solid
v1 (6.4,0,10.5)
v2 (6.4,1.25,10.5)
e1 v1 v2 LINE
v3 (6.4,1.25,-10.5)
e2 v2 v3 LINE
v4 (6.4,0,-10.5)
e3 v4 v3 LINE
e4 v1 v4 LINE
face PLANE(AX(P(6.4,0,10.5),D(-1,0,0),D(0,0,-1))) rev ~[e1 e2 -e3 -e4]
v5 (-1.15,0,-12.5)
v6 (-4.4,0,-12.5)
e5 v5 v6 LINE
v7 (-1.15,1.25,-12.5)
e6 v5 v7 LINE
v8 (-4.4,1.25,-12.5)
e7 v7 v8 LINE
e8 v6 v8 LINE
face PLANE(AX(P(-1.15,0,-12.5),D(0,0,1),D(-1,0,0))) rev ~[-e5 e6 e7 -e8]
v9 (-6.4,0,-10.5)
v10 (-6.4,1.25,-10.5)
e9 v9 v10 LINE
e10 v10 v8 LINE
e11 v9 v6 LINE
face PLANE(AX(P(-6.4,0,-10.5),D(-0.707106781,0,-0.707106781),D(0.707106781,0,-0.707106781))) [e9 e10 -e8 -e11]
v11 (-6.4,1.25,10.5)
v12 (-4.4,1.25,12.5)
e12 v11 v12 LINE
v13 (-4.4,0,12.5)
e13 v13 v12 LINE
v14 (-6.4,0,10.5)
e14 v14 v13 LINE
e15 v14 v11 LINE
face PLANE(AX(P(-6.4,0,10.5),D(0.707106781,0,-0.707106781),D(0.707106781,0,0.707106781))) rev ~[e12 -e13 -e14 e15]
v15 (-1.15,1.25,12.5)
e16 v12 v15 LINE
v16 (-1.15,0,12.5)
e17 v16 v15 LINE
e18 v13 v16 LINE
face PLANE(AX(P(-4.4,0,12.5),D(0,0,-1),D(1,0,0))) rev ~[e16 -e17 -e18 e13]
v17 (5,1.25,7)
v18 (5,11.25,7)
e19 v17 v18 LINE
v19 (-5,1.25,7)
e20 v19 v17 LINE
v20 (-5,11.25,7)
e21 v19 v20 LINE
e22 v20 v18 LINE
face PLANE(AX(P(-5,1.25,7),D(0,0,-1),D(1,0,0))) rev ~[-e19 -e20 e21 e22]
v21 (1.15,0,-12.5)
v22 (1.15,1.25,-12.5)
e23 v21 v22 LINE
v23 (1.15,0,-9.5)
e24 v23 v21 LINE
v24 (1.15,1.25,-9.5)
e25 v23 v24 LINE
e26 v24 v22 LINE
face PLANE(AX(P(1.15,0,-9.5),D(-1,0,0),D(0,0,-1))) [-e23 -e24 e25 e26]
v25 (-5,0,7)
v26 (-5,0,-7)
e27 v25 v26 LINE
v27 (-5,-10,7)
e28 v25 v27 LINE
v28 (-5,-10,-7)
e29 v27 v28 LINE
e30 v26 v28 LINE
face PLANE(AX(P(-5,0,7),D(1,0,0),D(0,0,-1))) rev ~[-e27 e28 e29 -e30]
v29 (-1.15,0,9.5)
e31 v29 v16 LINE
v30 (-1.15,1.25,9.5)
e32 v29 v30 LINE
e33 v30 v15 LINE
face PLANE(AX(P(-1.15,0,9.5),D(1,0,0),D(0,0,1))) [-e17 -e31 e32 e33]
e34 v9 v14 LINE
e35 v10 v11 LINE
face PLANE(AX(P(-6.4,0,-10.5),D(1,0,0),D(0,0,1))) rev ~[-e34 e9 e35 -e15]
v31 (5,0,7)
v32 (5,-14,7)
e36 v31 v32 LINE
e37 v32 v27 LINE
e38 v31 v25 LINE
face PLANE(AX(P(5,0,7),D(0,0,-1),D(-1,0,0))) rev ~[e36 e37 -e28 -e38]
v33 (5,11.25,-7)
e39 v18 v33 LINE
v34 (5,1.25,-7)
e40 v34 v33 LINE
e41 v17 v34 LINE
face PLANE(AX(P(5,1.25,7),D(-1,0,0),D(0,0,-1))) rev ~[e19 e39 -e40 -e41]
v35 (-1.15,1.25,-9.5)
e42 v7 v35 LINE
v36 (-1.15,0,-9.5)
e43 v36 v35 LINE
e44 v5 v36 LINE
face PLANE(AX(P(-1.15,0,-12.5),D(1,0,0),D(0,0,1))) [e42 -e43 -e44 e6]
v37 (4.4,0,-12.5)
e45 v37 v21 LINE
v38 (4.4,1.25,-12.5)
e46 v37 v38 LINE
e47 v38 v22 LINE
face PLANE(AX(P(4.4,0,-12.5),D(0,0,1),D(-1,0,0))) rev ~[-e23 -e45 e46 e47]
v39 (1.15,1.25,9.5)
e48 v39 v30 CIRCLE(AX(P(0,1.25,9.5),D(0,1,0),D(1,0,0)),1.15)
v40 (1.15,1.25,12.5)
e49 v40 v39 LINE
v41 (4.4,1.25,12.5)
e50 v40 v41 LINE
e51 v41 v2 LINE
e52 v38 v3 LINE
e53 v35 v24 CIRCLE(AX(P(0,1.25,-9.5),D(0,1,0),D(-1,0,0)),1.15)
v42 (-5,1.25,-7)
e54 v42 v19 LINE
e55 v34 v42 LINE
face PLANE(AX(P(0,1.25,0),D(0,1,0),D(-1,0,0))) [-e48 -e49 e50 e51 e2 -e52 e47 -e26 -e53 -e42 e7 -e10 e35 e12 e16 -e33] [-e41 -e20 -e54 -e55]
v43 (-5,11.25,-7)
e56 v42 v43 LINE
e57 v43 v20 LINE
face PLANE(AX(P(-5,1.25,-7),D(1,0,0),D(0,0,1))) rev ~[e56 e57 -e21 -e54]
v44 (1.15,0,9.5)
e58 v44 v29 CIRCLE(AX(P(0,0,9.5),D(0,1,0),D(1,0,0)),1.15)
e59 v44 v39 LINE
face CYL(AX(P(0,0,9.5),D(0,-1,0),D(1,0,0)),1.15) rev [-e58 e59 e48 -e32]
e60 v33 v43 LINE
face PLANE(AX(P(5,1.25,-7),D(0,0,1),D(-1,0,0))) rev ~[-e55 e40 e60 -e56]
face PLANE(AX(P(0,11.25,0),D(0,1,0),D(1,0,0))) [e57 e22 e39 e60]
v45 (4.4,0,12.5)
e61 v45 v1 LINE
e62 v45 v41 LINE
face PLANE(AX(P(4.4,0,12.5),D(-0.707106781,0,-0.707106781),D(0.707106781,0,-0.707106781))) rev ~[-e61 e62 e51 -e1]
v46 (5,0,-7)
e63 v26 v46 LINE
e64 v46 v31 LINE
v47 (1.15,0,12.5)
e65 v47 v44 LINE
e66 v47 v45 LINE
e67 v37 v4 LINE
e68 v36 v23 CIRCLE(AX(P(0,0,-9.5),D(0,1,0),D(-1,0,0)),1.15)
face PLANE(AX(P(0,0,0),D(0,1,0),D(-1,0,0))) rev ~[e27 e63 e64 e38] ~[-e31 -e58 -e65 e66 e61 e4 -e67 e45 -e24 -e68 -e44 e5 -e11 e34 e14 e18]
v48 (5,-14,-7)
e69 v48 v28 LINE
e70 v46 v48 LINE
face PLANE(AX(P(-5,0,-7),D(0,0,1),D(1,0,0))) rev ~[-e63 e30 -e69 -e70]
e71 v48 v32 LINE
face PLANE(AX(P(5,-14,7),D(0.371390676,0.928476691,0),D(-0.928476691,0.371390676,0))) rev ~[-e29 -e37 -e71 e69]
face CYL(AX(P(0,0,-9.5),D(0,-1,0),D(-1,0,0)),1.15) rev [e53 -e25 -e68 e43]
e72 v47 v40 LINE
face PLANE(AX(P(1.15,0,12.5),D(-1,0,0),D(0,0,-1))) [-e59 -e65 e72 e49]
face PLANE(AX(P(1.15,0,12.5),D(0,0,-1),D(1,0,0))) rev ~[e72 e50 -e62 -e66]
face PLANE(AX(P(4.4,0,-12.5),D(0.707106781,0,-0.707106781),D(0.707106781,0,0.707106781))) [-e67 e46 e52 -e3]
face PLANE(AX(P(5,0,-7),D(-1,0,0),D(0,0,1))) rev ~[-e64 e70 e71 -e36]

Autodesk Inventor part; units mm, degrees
ref_plane "YZ Plane" through (0, 0, 0) normal (1, 0, 0) x (0, 1, 0)
ref_plane "XZ Plane" through (0, 0, 0) normal (0, 1, 0) x (-1, 0, 0)
ref_plane "XY Plane" through (0, 0, 0) normal (0, 0, 1) x (1, 0, 0)
sketch "Sketch1" plane through (0, 0, 0) normal (0, 1, 0) x (-1, 0, 0)
  line L0 (-4.4, -12.5) -> (4.4, -12.5)
  line L1 (6.4, -10.5) -> (6.4, 10.5)
  line L2 (4.4, 12.5) -> (-4.4, 12.5)
  line L3 (-6.4, 10.5) -> (-6.4, -10.5)
  line L4 (-6.4, -12.5) -> (6.4, 12.5) construction
  line L5 (6.4, -12.5) -> (-6.4, 12.5) construction
  line L6 (6.4, 10.5) -> (4.4, 12.5)
  line L7 (-4.4, 12.5) -> (-6.4, 10.5)
  line L8 (6.4, -10.5) -> (4.4, -12.5)
  line L9 (-4.4, -12.5) -> (-6.4, -10.5)
  line L10 (0, 12.5) -> (0, 9.5) construction
  line L11 (-1.15, 12.5) -> (-1.15, 9.5)
  line L12 (1.15, 9.5) -> (1.15, 12.5)
  arc A0 (1.15, 12.5) -> (-1.15, 12.5) centre (0, 12.5) ccw
  arc A1 (-1.15, 9.5) -> (1.15, 9.5) centre (0, 9.5) ccw
  line L13 (0, -12.5) -> (0, -9.5) construction
  line L14 (1.15, -12.5) -> (1.15, -9.5)
  line L15 (-1.15, -9.5) -> (-1.15, -12.5)
  arc A2 (-1.15, -12.5) -> (1.15, -12.5) centre (0, -12.5) ccw
  arc A3 (1.15, -9.5) -> (-1.15, -9.5) centre (0, -9.5) ccw
  point P0 (0, 0)
  point P1 (0, 11)
  point P2 (0, -11)
  dimension "d0" = 25
  dimension "d1" = 12.8
  dimension "d2" = 2
  dimension "d3" = 2
  dimension "d4" = 2
  dimension "d5" = 2
  dimension "d6" = 2
  dimension "d7" = 2
  dimension "d8" = 2
  dimension "d9" = 2
  dimension "d10" = 2.3
  dimension "d11" = 2.3
  dimension "d12" = 3
  dimension "d13" = 3
extrude "Extrusion1" add sketch "Sketch1" along normal blind 1.25 contours L9 L3 L7 L2 L11 A1 L12 L6 L1 L8 L0 L14 A3 L15
sketch "Sketch2" plane through (0, 1.25, 0) normal (0, 1, 0) x (1, 0, 0)
  line L0 (5, 7) -> (-5, 7)
  line L1 (-5, 7) -> (-5, -7)
  line L2 (-5, -7) -> (5, -7)
  line L3 (5, -7) -> (5, 7)
  line L4 (5, 7) -> (-5, -7) construction
  line L5 (-5, 7) -> (5, -7) construction
  point P0 (0, 0)
  dimension "d16" = 10
  dimension "d17" = 14
extrude "Extrusion2" add sketch "Sketch2" along normal blind 10
sketch "Sketch3" plane through (0, 0, 0) normal (0, -1, 0) x (1, 0, 0)
  line L0 (5, 7) -> (-5, 7)
  line L1 (-5, 7) -> (-5, -7)
  line L2 (-5, -7) -> (5, -7)
  line L3 (5, -7) -> (5, 7)
  line L4 (5, 7) -> (-5, -7) construction
  line L5 (-5, 7) -> (5, -7) construction
  point P0 (0, 0)
  dimension "d20" = 10
  dimension "d21" = 14
extrude "Extrusion3" add sketch "Sketch3" along normal blind 14
sketch "Sketch4" plane through (-5, 0, 7) normal (0, 0, 1) x (1, 0, 0)
  line L0 (10, 0) -> (10, -14) projected
  line L1 (10, -14) -> (0, -10)
  line L2 (0, 0) -> (0, -14) projected
  line L3 (10, -14) -> (0, -14) projected
  point P0 (5, 0)
  dimension "d24" = 4
extrude "Extrusion4" cut sketch "Sketch4" against normal through all
equation "\"d3\" = d2"
equation "\"d4\" = d2"
equation "\"d5\" = d4"
equation "\"d6\" = d2"
equation "\"d7\" = d6"
equation "\"d8\" = d2"
equation "\"d9\" = d8"
equation "\"d11\" = d10"
equation "\"d13\" = d12"
properties part number "Molex 1061141150 Fiber-Optic Passthrough"
